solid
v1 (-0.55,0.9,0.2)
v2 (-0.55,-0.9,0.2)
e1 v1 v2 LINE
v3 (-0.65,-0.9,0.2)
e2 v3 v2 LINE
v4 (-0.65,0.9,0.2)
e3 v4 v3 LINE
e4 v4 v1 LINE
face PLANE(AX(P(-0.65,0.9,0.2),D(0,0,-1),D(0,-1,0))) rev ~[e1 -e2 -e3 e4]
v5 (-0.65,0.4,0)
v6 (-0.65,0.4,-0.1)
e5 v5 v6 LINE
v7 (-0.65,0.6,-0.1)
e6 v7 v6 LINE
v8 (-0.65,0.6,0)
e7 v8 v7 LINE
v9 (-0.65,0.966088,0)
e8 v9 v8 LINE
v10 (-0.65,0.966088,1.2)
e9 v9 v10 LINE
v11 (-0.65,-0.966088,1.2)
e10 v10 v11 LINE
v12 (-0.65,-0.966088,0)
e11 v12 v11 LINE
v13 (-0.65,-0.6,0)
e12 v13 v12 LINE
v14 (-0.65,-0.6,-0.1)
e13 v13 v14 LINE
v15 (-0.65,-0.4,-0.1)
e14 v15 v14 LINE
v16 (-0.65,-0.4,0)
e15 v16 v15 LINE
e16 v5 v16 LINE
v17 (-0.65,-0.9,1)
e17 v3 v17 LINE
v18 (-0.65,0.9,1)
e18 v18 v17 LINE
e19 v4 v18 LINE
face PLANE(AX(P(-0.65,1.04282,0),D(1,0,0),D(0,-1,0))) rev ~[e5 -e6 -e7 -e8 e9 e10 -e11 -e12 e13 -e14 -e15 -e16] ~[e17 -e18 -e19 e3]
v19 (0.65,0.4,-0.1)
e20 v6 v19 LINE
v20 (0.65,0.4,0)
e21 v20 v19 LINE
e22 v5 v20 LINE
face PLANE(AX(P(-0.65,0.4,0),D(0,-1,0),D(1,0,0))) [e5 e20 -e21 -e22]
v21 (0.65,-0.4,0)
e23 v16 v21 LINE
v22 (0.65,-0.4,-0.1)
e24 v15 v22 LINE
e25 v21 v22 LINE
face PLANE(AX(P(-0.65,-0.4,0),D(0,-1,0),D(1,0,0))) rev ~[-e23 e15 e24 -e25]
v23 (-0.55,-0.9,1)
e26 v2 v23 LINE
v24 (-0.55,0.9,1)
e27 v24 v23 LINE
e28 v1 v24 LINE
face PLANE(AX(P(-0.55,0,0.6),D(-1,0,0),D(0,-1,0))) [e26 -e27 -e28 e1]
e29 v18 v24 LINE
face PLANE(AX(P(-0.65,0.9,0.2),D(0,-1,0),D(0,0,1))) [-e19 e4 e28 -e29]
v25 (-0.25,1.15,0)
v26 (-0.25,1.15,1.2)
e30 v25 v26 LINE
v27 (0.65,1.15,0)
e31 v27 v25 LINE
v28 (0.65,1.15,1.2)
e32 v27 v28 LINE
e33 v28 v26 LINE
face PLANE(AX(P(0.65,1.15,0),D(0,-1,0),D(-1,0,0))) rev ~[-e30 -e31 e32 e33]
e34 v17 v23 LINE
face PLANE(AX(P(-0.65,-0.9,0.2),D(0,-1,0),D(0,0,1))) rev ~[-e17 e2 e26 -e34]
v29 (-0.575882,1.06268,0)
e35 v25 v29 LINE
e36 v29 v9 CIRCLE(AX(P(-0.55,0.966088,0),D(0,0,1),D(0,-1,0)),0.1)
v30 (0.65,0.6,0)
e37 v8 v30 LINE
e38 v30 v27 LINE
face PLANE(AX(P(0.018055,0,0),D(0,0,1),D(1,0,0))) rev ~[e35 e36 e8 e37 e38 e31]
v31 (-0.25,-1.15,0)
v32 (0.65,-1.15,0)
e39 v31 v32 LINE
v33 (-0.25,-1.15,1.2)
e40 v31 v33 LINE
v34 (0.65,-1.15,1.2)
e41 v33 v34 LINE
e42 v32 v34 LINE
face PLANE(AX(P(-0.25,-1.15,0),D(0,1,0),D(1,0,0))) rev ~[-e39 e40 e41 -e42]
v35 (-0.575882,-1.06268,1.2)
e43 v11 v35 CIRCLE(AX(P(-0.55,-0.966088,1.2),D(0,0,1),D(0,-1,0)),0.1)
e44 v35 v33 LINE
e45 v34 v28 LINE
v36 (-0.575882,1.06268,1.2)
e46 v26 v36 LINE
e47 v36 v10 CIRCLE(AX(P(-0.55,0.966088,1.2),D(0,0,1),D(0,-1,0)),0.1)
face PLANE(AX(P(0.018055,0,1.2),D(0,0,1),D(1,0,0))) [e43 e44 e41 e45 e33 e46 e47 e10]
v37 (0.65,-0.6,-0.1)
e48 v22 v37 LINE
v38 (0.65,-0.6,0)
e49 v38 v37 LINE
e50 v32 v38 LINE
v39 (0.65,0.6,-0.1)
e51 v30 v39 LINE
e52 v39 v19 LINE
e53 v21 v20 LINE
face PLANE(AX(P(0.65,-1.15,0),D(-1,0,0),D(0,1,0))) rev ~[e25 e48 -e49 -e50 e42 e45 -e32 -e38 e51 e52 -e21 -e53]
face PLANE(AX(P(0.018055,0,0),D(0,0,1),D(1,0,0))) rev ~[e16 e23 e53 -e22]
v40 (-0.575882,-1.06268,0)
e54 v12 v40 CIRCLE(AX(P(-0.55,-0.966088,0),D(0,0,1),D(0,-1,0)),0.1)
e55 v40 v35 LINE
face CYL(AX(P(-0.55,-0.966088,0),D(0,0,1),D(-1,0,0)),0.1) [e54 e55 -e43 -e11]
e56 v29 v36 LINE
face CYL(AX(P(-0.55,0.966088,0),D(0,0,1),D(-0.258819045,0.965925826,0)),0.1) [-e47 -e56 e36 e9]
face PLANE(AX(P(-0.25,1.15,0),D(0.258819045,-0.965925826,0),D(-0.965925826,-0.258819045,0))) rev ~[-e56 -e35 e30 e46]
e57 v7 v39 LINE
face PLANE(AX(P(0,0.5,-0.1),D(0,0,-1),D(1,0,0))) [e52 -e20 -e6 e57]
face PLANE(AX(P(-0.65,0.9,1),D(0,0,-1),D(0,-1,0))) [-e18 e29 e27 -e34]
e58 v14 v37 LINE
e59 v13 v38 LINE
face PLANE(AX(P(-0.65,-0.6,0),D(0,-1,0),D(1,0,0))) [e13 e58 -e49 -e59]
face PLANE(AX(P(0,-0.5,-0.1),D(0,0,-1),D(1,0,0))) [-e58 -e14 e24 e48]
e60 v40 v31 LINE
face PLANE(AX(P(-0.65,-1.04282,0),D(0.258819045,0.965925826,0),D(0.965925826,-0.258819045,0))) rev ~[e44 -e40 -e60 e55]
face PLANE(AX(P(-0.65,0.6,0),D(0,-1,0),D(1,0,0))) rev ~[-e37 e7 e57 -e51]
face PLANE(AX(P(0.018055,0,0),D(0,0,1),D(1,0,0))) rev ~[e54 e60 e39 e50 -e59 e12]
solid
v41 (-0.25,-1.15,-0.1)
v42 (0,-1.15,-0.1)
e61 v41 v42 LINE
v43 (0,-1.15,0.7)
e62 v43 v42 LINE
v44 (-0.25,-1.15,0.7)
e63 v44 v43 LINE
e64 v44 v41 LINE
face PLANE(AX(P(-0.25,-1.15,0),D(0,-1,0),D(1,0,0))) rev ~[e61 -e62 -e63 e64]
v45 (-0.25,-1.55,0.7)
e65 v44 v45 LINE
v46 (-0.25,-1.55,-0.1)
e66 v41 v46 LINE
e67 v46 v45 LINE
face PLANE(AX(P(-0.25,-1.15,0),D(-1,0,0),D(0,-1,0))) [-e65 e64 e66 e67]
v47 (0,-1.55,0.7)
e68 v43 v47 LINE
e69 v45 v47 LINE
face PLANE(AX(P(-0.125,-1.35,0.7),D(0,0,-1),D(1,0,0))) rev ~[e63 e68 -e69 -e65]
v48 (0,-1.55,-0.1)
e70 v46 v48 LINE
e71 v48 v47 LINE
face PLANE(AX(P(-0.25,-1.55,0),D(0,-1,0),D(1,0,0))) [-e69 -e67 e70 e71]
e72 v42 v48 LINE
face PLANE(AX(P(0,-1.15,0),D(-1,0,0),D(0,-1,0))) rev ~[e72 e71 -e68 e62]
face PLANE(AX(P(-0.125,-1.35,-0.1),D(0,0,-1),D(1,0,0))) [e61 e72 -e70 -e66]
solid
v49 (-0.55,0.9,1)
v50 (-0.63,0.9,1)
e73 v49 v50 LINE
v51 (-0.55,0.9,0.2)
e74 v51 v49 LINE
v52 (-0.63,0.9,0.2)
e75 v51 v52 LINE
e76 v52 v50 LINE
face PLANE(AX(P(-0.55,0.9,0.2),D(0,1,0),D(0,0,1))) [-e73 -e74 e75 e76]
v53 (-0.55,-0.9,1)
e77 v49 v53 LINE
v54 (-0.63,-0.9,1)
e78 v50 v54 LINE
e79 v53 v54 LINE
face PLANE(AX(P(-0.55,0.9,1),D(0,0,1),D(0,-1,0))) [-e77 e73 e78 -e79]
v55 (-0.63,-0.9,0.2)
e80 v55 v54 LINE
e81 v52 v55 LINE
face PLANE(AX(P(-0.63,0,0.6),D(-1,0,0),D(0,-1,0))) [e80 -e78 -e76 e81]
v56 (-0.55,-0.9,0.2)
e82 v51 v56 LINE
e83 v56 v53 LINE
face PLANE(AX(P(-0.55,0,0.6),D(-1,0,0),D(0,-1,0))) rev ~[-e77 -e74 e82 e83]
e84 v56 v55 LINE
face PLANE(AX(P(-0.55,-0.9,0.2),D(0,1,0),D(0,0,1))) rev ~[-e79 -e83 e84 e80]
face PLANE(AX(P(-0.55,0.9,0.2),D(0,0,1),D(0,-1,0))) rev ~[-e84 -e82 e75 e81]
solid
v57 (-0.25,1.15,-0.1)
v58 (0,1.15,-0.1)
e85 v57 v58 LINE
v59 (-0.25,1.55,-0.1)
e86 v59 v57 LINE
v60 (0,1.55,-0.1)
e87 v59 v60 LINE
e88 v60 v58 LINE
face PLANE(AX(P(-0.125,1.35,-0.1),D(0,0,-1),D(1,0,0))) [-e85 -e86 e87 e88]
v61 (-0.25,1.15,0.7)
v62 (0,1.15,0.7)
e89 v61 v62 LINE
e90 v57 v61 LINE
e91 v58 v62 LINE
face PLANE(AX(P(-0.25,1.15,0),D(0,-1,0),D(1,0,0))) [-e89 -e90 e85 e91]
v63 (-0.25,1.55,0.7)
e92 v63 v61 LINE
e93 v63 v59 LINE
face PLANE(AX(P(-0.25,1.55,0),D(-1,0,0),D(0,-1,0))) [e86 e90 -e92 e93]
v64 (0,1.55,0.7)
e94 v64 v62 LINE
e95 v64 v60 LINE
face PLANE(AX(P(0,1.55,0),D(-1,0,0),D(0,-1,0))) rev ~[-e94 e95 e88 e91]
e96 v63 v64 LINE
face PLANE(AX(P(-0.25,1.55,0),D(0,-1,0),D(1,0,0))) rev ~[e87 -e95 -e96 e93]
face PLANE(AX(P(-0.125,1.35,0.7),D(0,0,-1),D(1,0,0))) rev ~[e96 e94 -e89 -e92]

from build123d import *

# Parameters (mm, degrees)
F1_DEPTH      = 1.2
F2_W          = 0.25
F2_H          = 0.4
F3_DEPTH      = 0.7
F3_DEPTH_BACK = 0.1
F4_W          = 1.8
F4_H          = 0.8
F5_DEPTH      = 0.1
F6_W          = 1.8
F6_H          = 0.8
F7_DEPTH      = 0.08
F8_R          = 0.1
F9_W          = 1.3
F9_H          = 0.2
F10_DEPTH     = 0.1


with BuildPart() as f1:
    # F0 (on Top) → F1 (new body)
    with BuildSketch(Plane.XY):
        Polygon((0.65, 1.15), (-0.25, 1.15), (-0.65, 1.042820323), (-0.65, -1.042820323), (-0.25, -1.15), (0.65, -1.15), align=None)
    extrude(amount=F1_DEPTH)

    # F4 (on face) → F5 (cut)
    with BuildSketch(Plane(origin=(-0.65, 0, 0), x_dir=(0, -1, 0), z_dir=(-1, 0, 0))):
        with Locations((0, 0.6)):
            Rectangle(F4_W, F4_H)
    extrude(amount=-F5_DEPTH, mode=Mode.SUBTRACT)

    # F8
    f8_edges = [f1.edges().sort_by_distance(p)[0] for p in [
        (-0.65, -1.04282, 0.6),
        (-0.65, 1.04282, 0.6),
    ]]
    fillet(f8_edges, radius=F8_R)

    # F9 (on face) → F10 (join)
    with BuildSketch(Plane(origin=(0, 0, 0), x_dir=(1, 0, 0), z_dir=(0, 0, -1))):
        with Locations((0, 0.5)):
            Rectangle(F9_W, F9_H)
        with Locations((0, -0.5)):
            Rectangle(F9_W, F9_H)
    extrude(amount=F10_DEPTH)


with BuildPart() as f3:
    # F2 (on face) → F3 (new body, two sides)
    with BuildSketch(Plane(origin=(0, 0, 0), x_dir=(1, 0, 0), z_dir=(0, 0, -1))) as f3_sk:
        with Locations((-0.125, -1.35)):
            Rectangle(F2_W, F2_H)
    extrude(amount=-F3_DEPTH)
    extrude(f3_sk.sketch, amount=F3_DEPTH_BACK)


with BuildPart() as f3b:
    # F2 (on face) → F3, piece 2 (new body, two sides)
    with BuildSketch(Plane(origin=(0, 0, 0), x_dir=(1, 0, 0), z_dir=(0, 0, -1))) as f3_2_sk:
        with Locations((-0.125, 1.35)):
            Rectangle(F2_W, F2_H)
    extrude(amount=-F3_DEPTH)
    extrude(f3_2_sk.sketch, amount=F3_DEPTH_BACK)


with BuildPart() as f7:
    # F6 (on face) → F7 (new body)
    with BuildSketch(Plane(origin=(-0.55, 0, 0), x_dir=(0, -1, 0), z_dir=(-1, 0, 0))):
        with Locations((0, 0.6)):
            Rectangle(F6_W, F6_H)
    extrude(amount=F7_DEPTH)


solid = Compound([f1.part, f3.part, f3b.part, f7.part])
